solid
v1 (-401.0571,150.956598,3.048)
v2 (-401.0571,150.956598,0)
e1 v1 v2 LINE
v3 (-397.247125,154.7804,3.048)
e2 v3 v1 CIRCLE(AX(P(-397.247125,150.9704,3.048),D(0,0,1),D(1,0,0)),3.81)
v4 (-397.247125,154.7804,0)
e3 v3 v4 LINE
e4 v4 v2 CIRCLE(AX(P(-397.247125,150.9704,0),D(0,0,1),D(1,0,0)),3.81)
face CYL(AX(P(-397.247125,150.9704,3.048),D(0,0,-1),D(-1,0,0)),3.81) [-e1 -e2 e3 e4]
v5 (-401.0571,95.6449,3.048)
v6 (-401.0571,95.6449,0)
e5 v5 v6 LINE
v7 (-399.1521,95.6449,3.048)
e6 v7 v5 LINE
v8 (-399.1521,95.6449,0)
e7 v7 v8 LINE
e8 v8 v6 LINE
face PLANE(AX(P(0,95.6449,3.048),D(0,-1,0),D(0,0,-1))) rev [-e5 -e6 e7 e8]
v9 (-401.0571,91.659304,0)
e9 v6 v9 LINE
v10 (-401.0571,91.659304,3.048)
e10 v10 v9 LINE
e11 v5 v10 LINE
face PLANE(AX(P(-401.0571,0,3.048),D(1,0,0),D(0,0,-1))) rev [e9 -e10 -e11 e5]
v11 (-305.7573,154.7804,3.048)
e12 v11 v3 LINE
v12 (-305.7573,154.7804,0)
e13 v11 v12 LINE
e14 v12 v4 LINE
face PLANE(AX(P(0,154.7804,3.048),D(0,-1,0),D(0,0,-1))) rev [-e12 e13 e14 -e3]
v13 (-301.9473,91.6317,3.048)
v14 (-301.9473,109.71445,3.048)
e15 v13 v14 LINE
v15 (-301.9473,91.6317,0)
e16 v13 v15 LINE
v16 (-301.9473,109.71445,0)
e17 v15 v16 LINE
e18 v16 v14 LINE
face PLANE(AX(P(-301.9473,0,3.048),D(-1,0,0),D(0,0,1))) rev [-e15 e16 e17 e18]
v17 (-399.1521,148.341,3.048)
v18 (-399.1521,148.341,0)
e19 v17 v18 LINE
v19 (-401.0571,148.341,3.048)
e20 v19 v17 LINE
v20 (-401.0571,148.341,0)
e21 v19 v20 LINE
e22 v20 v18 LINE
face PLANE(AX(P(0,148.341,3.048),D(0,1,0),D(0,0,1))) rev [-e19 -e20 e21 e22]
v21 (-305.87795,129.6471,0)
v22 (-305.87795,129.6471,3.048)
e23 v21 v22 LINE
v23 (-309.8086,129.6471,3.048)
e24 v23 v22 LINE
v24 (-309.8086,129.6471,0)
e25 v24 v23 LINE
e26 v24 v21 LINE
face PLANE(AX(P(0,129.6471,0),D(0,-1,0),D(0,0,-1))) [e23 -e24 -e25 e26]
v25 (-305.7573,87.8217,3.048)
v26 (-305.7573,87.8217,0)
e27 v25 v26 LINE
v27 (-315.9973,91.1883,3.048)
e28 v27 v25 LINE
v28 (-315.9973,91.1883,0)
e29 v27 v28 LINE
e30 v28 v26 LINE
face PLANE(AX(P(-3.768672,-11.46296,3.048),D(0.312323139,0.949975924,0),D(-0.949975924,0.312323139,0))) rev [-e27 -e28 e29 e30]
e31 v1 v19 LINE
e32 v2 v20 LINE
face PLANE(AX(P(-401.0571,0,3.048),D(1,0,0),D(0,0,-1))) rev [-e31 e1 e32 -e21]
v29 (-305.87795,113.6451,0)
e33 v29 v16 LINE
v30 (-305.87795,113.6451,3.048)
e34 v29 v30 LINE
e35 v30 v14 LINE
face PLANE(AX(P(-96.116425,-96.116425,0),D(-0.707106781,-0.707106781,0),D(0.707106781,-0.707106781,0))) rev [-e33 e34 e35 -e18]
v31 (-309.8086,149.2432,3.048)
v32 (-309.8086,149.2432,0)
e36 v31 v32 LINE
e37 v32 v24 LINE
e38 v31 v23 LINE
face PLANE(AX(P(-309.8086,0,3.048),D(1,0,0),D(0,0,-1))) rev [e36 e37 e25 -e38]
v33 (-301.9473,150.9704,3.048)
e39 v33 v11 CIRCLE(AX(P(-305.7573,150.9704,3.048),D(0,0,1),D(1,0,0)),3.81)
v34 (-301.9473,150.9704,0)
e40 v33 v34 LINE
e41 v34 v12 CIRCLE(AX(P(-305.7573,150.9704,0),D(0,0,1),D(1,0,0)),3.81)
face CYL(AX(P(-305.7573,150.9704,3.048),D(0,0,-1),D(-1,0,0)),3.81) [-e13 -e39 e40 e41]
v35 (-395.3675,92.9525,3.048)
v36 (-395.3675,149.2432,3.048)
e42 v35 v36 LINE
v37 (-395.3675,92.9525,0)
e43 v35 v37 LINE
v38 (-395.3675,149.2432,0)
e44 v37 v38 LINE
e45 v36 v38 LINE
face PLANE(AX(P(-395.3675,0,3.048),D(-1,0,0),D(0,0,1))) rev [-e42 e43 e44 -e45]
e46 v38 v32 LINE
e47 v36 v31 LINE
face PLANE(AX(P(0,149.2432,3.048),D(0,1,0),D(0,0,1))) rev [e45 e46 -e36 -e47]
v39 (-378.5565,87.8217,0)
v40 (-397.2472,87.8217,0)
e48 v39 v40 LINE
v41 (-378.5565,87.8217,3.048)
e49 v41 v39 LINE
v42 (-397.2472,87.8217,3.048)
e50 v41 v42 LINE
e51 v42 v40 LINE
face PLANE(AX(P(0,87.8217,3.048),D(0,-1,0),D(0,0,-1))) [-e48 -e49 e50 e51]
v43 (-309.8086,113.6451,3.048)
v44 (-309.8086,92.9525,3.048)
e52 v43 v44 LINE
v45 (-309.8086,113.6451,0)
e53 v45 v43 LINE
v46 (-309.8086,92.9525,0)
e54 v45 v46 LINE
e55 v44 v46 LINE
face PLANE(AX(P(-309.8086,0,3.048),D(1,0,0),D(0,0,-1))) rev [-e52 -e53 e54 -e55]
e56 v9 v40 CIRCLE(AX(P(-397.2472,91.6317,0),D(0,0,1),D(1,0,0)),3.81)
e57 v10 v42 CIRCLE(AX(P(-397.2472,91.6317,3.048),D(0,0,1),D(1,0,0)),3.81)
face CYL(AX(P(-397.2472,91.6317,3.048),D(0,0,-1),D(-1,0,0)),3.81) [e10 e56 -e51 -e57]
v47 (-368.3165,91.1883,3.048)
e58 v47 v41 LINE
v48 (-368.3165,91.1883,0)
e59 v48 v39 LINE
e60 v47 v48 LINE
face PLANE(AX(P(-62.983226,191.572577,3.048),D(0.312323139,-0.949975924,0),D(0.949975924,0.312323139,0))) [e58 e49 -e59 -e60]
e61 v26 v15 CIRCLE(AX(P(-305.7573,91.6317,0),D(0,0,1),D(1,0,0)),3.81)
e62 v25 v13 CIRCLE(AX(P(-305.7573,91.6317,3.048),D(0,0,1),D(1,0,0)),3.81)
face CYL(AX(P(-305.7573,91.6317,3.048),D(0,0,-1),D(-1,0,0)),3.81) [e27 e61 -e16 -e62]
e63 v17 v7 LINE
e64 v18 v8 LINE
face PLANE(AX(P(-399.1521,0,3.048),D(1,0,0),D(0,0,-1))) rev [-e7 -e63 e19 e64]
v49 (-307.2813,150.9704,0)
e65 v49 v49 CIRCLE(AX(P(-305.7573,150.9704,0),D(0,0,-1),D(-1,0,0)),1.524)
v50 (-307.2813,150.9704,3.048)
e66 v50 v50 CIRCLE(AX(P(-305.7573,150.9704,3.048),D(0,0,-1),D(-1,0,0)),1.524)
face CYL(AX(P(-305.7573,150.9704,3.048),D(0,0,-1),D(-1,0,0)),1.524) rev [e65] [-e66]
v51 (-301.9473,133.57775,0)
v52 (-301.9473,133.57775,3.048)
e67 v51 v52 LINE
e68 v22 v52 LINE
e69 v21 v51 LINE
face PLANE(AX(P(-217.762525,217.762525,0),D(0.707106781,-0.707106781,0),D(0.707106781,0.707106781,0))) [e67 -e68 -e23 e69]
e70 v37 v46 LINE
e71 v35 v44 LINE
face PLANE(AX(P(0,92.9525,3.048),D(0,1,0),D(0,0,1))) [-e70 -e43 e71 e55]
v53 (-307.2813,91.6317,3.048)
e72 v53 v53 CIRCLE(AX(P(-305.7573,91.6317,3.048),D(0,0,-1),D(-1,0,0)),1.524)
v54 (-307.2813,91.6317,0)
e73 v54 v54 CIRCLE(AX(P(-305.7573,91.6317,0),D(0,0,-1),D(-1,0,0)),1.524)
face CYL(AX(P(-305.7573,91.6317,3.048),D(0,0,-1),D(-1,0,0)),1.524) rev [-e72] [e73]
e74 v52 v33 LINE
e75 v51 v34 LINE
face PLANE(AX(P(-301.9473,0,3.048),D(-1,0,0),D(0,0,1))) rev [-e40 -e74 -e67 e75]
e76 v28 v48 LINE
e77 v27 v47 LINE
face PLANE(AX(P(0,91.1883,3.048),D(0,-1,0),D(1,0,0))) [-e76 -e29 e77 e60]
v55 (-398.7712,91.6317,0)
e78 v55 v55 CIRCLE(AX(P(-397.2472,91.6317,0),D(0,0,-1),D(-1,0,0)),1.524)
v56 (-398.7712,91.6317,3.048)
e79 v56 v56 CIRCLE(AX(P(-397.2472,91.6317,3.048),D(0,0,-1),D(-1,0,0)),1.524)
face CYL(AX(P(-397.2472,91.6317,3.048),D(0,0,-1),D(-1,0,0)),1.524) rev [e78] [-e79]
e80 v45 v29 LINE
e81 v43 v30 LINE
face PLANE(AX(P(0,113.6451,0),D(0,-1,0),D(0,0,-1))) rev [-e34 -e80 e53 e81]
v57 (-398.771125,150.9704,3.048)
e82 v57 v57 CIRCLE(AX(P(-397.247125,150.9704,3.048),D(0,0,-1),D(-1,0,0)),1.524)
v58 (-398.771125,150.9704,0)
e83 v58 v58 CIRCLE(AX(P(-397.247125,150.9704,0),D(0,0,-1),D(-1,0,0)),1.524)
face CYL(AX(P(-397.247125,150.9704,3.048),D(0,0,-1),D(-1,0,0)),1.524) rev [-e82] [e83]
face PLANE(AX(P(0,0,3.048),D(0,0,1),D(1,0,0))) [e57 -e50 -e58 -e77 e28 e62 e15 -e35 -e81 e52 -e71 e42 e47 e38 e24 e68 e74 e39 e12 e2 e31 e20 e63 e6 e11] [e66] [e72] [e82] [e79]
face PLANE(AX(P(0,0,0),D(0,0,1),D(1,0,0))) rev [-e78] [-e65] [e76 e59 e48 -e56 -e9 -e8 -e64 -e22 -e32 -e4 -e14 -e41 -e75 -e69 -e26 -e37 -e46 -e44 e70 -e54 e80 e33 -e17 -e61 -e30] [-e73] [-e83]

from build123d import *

# Parameters (mm, degrees)
SKETCH1_R           = 1.3462
SKETCH1_W           = 3.7846
SKETCH1_H           = 52.6961
BOSS_EXTRUDE1_DEPTH = 3.048
SKETCH2_R           = 1.524
CUT_EXTRUDE1_DEPTH  = 4.048
CUT_EXTRUDE2_DEPTH  = 4.048


with BuildPart() as part:
    # Sketch1 → Boss-Extrude1 (new body)
    with BuildSketch(Plane.XY):
        with BuildLine():
            Line((-401.0571, 150.956597849), (-401.0571, 148.341))
            Line((-401.0571, 148.341), (-399.1521, 148.341))
            Line((-399.1521, 148.341), (-395.3675, 148.341))
            Line((-395.3675, 148.341), (-395.3675, 149.2432))
            Line((-395.3675, 149.2432), (-309.8086, 149.2432))
            Line((-309.8086, 149.2432), (-309.8086, 128.8851))
            Line((-309.8086, 128.8851), (-305.87795, 128.8851))
            Line((-305.87795, 128.8851), (-301.9473, 132.81575))
            Line((-301.9473, 132.81575), (-301.9473, 150.9704))
            ThreePointArc((-301.9473, 150.9704), (-303.063223164, 153.664476836), (-305.7573, 154.7804))
            Line((-305.7573, 154.7804), (-397.247125, 154.7804))
            ThreePointArc((-397.247125, 154.7804), (-399.946077222, 153.659592612), (-401.0571, 150.956597849))
        make_face()
        with Locations((-397.247125, 150.9704)):
            Circle(SKETCH1_R, mode=Mode.SUBTRACT)
        with Locations((-305.7573, 150.9704)):
            Circle(SKETCH1_R, mode=Mode.SUBTRACT)
        with Locations((-397.2598, 121.99295)):
            Rectangle(SKETCH1_W, SKETCH1_H)
        with BuildLine():
            Line((-395.3675, 95.6449), (-399.1521, 95.6449))
            Line((-399.1521, 95.6449), (-401.0571, 95.6449))
            Line((-401.0571, 95.6449), (-401.0571, 91.659304166))
            ThreePointArc((-401.0571, 91.659304166), (-399.951018769, 88.947400452), (-397.2472, 87.8217))
            Line((-397.2472, 87.8217), (-378.5565, 87.8217))
            Line((-378.5565, 87.8217), (-368.3165, 91.1883))
            Line((-368.3165, 91.1883), (-315.9973, 91.1883))
            Line((-315.9973, 91.1883), (-305.7573, 87.8217))
            ThreePointArc((-305.7573, 87.8217), (-303.063223164, 88.937623164), (-301.9473, 91.6317))
            Line((-301.9473, 91.6317), (-301.9473, 111.74645))
            Line((-301.9473, 111.74645), (-305.87795, 115.6771))
            Line((-305.87795, 115.6771), (-309.8086, 115.6771))
            Line((-309.8086, 115.6771), (-309.8086, 92.9525))
            Line((-309.8086, 92.9525), (-395.3675, 92.9525))
            Line((-395.3675, 92.9525), (-395.3675, 95.6449))
        make_face()
        with Locations((-397.2472, 91.6317)):
            Circle(SKETCH1_R, mode=Mode.SUBTRACT)
        with Locations((-305.7573, 91.6317)):
            Circle(SKETCH1_R, mode=Mode.SUBTRACT)
    extrude(amount=BOSS_EXTRUDE1_DEPTH)

    # Sketch2 → Cut-Extrude1 (cut, through all)
    with BuildSketch(Plane(origin=(0, 0, 0), x_dir=(-1, 0, 0), z_dir=(0, 0, -1))):
        with Locations((305.7573, 150.9704)):
            Circle(SKETCH2_R)
        with Locations((305.7573, 91.6317)):
            Circle(SKETCH2_R)
        with Locations((397.2472, 91.6317)):
            Circle(SKETCH2_R)
        with Locations((397.247125, 150.9704)):
            Circle(SKETCH2_R)
    extrude(amount=-CUT_EXTRUDE1_DEPTH, mode=Mode.SUBTRACT)

    # Sketch3 → Cut-Extrude2 (cut, through all)
    with BuildSketch(Plane.XY.offset(3.048)):
        Polygon((-309.8086, 129.6471), (-309.8086, 128.8851), (-305.87795, 128.8851), (-301.9473, 132.81575), (-301.9473, 133.57775), (-305.87795, 129.6471), align=None)
        Polygon((-305.87795, 115.6771), (-309.8086, 115.6771), (-309.8086, 113.6451), (-305.87795, 113.6451), (-301.9473, 109.71445), (-301.9473, 111.74645), align=None)
    extrude(amount=-CUT_EXTRUDE2_DEPTH, mode=Mode.SUBTRACT)


solid = part.part
